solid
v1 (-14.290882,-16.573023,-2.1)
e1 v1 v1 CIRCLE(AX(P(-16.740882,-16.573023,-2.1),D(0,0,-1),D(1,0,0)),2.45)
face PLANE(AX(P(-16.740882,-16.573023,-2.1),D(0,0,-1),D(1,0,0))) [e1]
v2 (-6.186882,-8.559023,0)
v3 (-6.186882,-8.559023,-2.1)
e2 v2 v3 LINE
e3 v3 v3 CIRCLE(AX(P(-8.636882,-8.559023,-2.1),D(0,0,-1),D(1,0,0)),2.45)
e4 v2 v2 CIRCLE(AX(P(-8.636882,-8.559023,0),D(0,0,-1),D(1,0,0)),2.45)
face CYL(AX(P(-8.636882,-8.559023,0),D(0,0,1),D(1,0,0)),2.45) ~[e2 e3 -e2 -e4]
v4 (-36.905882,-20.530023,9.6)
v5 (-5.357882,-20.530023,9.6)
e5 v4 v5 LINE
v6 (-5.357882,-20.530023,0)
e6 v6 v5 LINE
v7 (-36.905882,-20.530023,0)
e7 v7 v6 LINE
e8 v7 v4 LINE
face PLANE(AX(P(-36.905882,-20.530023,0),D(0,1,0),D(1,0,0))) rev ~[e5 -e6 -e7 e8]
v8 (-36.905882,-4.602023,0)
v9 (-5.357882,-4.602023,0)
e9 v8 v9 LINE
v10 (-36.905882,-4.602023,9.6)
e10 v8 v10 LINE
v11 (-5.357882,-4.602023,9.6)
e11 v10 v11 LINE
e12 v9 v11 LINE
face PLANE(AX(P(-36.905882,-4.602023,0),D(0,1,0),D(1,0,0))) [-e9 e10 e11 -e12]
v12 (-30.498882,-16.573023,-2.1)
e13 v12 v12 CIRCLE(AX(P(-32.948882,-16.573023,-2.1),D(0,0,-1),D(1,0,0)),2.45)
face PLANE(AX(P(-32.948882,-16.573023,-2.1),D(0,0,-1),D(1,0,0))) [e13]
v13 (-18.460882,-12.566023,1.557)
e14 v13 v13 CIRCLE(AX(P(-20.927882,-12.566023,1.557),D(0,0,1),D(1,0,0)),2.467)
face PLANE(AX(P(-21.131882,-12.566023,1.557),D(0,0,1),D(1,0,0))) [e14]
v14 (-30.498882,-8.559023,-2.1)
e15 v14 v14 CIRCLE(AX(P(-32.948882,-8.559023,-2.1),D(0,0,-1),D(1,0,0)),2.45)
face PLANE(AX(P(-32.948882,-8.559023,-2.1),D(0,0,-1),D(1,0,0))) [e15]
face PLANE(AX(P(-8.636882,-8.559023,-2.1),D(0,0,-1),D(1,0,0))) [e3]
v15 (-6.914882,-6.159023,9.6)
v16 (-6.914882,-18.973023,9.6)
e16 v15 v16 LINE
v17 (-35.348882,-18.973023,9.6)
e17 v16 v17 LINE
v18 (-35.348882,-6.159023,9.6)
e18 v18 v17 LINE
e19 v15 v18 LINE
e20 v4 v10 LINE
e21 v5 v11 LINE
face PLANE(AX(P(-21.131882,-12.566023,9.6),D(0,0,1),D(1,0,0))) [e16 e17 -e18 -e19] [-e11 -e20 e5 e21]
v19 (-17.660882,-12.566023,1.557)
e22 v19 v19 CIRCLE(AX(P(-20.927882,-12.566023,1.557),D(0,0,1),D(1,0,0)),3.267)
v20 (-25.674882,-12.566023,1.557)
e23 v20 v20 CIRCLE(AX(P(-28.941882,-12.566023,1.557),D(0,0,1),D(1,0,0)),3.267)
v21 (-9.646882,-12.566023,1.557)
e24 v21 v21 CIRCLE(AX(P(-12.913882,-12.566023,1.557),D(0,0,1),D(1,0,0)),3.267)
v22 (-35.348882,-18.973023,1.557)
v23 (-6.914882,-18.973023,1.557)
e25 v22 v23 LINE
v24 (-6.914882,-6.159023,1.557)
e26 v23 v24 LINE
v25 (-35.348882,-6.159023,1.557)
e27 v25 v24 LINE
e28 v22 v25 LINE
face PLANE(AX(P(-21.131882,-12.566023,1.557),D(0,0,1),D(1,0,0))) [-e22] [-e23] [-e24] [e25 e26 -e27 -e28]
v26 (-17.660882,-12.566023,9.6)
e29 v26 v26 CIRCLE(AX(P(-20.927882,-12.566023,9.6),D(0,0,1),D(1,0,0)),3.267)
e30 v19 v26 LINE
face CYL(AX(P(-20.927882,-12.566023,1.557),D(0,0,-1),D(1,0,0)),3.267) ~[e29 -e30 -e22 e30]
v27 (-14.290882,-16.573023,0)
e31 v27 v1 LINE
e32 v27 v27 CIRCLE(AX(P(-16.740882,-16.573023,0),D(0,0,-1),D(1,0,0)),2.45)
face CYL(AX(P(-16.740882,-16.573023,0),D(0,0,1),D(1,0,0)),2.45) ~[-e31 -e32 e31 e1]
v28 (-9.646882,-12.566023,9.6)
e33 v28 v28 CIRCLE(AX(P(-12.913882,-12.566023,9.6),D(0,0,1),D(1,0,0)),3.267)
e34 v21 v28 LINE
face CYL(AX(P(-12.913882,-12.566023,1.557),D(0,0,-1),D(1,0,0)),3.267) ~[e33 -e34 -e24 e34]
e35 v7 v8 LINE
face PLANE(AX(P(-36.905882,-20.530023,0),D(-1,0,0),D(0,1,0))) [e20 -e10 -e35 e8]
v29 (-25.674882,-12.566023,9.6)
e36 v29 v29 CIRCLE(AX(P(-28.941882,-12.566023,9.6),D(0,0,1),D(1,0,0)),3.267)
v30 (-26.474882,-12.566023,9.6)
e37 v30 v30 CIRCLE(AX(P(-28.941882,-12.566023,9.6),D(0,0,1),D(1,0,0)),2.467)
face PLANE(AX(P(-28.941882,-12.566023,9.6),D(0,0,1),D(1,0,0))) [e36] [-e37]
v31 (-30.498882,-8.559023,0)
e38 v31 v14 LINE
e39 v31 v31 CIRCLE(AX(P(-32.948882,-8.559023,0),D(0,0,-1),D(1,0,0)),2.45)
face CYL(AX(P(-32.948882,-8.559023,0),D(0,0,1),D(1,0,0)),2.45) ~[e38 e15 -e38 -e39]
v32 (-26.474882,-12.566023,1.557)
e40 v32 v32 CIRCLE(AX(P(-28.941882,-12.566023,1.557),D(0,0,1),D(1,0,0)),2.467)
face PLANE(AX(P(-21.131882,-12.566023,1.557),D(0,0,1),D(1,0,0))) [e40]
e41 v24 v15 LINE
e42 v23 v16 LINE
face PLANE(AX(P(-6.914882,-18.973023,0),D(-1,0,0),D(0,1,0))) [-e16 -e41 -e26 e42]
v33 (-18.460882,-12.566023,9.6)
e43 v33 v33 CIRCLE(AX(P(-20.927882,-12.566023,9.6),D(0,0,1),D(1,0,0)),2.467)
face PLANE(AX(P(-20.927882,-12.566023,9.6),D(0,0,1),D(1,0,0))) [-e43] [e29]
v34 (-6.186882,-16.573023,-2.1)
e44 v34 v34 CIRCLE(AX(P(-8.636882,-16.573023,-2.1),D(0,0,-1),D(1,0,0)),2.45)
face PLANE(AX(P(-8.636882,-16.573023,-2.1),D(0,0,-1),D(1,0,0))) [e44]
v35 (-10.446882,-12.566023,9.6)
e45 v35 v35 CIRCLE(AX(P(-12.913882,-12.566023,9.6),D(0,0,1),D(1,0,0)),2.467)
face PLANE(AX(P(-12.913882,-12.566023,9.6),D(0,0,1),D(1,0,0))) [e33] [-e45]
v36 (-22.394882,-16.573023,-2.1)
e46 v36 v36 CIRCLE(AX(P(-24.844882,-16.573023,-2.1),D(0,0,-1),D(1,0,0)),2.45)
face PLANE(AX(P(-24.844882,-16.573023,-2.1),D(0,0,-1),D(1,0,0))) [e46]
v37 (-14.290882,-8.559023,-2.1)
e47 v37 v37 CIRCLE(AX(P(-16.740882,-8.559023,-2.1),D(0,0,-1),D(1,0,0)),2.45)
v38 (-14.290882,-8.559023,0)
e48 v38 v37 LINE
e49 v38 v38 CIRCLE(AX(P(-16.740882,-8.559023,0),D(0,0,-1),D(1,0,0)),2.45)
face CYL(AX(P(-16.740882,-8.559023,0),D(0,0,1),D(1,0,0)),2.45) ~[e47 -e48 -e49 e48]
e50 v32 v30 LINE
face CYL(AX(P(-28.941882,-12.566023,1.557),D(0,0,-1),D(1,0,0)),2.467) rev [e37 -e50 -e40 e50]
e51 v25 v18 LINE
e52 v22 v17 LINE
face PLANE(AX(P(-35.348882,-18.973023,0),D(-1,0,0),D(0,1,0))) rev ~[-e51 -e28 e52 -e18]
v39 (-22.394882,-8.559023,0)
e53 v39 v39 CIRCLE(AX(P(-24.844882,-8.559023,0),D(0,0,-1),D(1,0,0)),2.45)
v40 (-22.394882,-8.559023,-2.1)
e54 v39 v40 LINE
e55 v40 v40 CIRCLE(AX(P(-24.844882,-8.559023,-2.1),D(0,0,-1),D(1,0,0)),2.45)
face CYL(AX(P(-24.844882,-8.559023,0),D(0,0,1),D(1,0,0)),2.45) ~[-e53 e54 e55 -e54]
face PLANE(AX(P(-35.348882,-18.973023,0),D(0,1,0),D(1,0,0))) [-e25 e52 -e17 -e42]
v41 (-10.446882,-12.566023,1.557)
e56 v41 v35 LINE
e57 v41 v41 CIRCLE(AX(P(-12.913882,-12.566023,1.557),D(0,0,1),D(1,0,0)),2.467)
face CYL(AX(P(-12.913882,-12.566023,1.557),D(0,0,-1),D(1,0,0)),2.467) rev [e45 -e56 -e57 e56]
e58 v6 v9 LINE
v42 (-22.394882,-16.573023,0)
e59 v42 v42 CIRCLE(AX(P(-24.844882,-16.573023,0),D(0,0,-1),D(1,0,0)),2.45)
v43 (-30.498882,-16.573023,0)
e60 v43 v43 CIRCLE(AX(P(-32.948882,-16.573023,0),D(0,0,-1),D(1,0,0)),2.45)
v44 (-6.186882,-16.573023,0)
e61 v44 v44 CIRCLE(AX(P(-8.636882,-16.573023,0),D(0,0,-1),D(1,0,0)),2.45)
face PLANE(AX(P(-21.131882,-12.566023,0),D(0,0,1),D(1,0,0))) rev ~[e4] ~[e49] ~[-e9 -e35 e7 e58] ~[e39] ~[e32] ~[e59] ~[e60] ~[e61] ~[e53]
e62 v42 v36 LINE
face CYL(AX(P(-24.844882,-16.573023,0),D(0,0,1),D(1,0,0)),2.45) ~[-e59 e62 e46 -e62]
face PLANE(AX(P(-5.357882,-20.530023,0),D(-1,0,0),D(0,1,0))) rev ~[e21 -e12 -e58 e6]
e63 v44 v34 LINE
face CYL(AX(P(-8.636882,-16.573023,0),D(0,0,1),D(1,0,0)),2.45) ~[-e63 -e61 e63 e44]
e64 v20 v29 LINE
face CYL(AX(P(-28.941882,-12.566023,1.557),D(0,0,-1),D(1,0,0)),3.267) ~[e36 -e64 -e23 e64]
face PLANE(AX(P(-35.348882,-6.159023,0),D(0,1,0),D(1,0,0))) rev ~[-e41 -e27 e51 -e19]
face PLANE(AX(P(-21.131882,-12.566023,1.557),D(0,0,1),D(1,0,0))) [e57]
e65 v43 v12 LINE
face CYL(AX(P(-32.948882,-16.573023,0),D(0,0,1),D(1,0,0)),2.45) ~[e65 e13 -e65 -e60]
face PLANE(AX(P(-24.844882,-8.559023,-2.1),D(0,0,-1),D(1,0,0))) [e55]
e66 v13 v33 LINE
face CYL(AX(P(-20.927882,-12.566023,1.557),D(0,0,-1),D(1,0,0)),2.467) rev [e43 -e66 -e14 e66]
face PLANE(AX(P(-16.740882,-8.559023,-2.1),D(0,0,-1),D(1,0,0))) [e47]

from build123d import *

# Parameters (mm, degrees)
F0_W     = 31.548
F0_H     = 15.928
F0_W_2   = 28.434
F0_H_2   = 12.814
F1_DEPTH = 9.6
F2_DEPTH = 25
F3_DEPTH = 1.557
F4_R     = 3.267
F4_R_2   = 2.467
F5_DEPTH = 8.043
F6_R     = 2.45
F7_DEPTH = 2.1


with BuildPart() as f1:
    # F0 (on Top) → F1 (new body)
    with BuildSketch(Plane.XY):
        with Locations((-21.131882, -12.566023)):
            Rectangle(F0_W, F0_H)
        with Locations((-21.131882, -12.566023)):
            Rectangle(F0_W_2, F0_H_2, mode=Mode.SUBTRACT)
        with Locations((-21.131882, -12.566023)):
            Rectangle(F0_W_2, F0_H_2)
    extrude(amount=F1_DEPTH)

    # F0 (on Top) → F2 (cut)
    with BuildSketch(Plane.XY):
        with Locations((-21.131882, -12.566023)):
            Rectangle(F0_W_2, F0_H_2)
    extrude(amount=F2_DEPTH, mode=Mode.SUBTRACT)

    # F0 (on Top) → F3 (join)
    with BuildSketch(Plane.XY):
        with Locations((-21.131882, -12.566023)):
            Rectangle(F0_W_2, F0_H_2)
    extrude(amount=F3_DEPTH)

    # F4 (on face) → F5 (join)
    with BuildSketch(Plane.XY.offset(1.557)):
        with Locations((-28.941882, -12.566023)):
            Circle(F4_R)
        with Locations((-28.941882, -12.566023)):
            Circle(F4_R_2, mode=Mode.SUBTRACT)
        with Locations((-20.927882, -12.566023)):
            Circle(F4_R)
        with Locations((-20.927882, -12.566023)):
            Circle(F4_R_2, mode=Mode.SUBTRACT)
        with Locations((-12.913882, -12.566023)):
            Circle(F4_R)
        with Locations((-12.913882, -12.566023)):
            Circle(F4_R_2, mode=Mode.SUBTRACT)
    extrude(amount=F5_DEPTH)

    # F6 (on face) → F7 (join)
    with BuildSketch(Plane(origin=(0, 0, 0), x_dir=(1, 0, 0), z_dir=(0, 0, -1))):
        with Locations((-32.948882, 16.573023)):
            Circle(F6_R)
        with Locations((-24.844882, 16.573023)):
            Circle(F6_R)
        with Locations((-16.740882, 16.573023)):
            Circle(F6_R)
        with Locations((-8.636882, 16.573023)):
            Circle(F6_R)
        with Locations((-8.636882, 8.559023)):
            Circle(F6_R)
        with Locations((-16.740882, 8.559023)):
            Circle(F6_R)
        with Locations((-24.844882, 8.559023)):
            Circle(F6_R)
        with Locations((-32.948882, 8.559023)):
            Circle(F6_R)
    extrude(amount=F7_DEPTH)


solid = f1.part
